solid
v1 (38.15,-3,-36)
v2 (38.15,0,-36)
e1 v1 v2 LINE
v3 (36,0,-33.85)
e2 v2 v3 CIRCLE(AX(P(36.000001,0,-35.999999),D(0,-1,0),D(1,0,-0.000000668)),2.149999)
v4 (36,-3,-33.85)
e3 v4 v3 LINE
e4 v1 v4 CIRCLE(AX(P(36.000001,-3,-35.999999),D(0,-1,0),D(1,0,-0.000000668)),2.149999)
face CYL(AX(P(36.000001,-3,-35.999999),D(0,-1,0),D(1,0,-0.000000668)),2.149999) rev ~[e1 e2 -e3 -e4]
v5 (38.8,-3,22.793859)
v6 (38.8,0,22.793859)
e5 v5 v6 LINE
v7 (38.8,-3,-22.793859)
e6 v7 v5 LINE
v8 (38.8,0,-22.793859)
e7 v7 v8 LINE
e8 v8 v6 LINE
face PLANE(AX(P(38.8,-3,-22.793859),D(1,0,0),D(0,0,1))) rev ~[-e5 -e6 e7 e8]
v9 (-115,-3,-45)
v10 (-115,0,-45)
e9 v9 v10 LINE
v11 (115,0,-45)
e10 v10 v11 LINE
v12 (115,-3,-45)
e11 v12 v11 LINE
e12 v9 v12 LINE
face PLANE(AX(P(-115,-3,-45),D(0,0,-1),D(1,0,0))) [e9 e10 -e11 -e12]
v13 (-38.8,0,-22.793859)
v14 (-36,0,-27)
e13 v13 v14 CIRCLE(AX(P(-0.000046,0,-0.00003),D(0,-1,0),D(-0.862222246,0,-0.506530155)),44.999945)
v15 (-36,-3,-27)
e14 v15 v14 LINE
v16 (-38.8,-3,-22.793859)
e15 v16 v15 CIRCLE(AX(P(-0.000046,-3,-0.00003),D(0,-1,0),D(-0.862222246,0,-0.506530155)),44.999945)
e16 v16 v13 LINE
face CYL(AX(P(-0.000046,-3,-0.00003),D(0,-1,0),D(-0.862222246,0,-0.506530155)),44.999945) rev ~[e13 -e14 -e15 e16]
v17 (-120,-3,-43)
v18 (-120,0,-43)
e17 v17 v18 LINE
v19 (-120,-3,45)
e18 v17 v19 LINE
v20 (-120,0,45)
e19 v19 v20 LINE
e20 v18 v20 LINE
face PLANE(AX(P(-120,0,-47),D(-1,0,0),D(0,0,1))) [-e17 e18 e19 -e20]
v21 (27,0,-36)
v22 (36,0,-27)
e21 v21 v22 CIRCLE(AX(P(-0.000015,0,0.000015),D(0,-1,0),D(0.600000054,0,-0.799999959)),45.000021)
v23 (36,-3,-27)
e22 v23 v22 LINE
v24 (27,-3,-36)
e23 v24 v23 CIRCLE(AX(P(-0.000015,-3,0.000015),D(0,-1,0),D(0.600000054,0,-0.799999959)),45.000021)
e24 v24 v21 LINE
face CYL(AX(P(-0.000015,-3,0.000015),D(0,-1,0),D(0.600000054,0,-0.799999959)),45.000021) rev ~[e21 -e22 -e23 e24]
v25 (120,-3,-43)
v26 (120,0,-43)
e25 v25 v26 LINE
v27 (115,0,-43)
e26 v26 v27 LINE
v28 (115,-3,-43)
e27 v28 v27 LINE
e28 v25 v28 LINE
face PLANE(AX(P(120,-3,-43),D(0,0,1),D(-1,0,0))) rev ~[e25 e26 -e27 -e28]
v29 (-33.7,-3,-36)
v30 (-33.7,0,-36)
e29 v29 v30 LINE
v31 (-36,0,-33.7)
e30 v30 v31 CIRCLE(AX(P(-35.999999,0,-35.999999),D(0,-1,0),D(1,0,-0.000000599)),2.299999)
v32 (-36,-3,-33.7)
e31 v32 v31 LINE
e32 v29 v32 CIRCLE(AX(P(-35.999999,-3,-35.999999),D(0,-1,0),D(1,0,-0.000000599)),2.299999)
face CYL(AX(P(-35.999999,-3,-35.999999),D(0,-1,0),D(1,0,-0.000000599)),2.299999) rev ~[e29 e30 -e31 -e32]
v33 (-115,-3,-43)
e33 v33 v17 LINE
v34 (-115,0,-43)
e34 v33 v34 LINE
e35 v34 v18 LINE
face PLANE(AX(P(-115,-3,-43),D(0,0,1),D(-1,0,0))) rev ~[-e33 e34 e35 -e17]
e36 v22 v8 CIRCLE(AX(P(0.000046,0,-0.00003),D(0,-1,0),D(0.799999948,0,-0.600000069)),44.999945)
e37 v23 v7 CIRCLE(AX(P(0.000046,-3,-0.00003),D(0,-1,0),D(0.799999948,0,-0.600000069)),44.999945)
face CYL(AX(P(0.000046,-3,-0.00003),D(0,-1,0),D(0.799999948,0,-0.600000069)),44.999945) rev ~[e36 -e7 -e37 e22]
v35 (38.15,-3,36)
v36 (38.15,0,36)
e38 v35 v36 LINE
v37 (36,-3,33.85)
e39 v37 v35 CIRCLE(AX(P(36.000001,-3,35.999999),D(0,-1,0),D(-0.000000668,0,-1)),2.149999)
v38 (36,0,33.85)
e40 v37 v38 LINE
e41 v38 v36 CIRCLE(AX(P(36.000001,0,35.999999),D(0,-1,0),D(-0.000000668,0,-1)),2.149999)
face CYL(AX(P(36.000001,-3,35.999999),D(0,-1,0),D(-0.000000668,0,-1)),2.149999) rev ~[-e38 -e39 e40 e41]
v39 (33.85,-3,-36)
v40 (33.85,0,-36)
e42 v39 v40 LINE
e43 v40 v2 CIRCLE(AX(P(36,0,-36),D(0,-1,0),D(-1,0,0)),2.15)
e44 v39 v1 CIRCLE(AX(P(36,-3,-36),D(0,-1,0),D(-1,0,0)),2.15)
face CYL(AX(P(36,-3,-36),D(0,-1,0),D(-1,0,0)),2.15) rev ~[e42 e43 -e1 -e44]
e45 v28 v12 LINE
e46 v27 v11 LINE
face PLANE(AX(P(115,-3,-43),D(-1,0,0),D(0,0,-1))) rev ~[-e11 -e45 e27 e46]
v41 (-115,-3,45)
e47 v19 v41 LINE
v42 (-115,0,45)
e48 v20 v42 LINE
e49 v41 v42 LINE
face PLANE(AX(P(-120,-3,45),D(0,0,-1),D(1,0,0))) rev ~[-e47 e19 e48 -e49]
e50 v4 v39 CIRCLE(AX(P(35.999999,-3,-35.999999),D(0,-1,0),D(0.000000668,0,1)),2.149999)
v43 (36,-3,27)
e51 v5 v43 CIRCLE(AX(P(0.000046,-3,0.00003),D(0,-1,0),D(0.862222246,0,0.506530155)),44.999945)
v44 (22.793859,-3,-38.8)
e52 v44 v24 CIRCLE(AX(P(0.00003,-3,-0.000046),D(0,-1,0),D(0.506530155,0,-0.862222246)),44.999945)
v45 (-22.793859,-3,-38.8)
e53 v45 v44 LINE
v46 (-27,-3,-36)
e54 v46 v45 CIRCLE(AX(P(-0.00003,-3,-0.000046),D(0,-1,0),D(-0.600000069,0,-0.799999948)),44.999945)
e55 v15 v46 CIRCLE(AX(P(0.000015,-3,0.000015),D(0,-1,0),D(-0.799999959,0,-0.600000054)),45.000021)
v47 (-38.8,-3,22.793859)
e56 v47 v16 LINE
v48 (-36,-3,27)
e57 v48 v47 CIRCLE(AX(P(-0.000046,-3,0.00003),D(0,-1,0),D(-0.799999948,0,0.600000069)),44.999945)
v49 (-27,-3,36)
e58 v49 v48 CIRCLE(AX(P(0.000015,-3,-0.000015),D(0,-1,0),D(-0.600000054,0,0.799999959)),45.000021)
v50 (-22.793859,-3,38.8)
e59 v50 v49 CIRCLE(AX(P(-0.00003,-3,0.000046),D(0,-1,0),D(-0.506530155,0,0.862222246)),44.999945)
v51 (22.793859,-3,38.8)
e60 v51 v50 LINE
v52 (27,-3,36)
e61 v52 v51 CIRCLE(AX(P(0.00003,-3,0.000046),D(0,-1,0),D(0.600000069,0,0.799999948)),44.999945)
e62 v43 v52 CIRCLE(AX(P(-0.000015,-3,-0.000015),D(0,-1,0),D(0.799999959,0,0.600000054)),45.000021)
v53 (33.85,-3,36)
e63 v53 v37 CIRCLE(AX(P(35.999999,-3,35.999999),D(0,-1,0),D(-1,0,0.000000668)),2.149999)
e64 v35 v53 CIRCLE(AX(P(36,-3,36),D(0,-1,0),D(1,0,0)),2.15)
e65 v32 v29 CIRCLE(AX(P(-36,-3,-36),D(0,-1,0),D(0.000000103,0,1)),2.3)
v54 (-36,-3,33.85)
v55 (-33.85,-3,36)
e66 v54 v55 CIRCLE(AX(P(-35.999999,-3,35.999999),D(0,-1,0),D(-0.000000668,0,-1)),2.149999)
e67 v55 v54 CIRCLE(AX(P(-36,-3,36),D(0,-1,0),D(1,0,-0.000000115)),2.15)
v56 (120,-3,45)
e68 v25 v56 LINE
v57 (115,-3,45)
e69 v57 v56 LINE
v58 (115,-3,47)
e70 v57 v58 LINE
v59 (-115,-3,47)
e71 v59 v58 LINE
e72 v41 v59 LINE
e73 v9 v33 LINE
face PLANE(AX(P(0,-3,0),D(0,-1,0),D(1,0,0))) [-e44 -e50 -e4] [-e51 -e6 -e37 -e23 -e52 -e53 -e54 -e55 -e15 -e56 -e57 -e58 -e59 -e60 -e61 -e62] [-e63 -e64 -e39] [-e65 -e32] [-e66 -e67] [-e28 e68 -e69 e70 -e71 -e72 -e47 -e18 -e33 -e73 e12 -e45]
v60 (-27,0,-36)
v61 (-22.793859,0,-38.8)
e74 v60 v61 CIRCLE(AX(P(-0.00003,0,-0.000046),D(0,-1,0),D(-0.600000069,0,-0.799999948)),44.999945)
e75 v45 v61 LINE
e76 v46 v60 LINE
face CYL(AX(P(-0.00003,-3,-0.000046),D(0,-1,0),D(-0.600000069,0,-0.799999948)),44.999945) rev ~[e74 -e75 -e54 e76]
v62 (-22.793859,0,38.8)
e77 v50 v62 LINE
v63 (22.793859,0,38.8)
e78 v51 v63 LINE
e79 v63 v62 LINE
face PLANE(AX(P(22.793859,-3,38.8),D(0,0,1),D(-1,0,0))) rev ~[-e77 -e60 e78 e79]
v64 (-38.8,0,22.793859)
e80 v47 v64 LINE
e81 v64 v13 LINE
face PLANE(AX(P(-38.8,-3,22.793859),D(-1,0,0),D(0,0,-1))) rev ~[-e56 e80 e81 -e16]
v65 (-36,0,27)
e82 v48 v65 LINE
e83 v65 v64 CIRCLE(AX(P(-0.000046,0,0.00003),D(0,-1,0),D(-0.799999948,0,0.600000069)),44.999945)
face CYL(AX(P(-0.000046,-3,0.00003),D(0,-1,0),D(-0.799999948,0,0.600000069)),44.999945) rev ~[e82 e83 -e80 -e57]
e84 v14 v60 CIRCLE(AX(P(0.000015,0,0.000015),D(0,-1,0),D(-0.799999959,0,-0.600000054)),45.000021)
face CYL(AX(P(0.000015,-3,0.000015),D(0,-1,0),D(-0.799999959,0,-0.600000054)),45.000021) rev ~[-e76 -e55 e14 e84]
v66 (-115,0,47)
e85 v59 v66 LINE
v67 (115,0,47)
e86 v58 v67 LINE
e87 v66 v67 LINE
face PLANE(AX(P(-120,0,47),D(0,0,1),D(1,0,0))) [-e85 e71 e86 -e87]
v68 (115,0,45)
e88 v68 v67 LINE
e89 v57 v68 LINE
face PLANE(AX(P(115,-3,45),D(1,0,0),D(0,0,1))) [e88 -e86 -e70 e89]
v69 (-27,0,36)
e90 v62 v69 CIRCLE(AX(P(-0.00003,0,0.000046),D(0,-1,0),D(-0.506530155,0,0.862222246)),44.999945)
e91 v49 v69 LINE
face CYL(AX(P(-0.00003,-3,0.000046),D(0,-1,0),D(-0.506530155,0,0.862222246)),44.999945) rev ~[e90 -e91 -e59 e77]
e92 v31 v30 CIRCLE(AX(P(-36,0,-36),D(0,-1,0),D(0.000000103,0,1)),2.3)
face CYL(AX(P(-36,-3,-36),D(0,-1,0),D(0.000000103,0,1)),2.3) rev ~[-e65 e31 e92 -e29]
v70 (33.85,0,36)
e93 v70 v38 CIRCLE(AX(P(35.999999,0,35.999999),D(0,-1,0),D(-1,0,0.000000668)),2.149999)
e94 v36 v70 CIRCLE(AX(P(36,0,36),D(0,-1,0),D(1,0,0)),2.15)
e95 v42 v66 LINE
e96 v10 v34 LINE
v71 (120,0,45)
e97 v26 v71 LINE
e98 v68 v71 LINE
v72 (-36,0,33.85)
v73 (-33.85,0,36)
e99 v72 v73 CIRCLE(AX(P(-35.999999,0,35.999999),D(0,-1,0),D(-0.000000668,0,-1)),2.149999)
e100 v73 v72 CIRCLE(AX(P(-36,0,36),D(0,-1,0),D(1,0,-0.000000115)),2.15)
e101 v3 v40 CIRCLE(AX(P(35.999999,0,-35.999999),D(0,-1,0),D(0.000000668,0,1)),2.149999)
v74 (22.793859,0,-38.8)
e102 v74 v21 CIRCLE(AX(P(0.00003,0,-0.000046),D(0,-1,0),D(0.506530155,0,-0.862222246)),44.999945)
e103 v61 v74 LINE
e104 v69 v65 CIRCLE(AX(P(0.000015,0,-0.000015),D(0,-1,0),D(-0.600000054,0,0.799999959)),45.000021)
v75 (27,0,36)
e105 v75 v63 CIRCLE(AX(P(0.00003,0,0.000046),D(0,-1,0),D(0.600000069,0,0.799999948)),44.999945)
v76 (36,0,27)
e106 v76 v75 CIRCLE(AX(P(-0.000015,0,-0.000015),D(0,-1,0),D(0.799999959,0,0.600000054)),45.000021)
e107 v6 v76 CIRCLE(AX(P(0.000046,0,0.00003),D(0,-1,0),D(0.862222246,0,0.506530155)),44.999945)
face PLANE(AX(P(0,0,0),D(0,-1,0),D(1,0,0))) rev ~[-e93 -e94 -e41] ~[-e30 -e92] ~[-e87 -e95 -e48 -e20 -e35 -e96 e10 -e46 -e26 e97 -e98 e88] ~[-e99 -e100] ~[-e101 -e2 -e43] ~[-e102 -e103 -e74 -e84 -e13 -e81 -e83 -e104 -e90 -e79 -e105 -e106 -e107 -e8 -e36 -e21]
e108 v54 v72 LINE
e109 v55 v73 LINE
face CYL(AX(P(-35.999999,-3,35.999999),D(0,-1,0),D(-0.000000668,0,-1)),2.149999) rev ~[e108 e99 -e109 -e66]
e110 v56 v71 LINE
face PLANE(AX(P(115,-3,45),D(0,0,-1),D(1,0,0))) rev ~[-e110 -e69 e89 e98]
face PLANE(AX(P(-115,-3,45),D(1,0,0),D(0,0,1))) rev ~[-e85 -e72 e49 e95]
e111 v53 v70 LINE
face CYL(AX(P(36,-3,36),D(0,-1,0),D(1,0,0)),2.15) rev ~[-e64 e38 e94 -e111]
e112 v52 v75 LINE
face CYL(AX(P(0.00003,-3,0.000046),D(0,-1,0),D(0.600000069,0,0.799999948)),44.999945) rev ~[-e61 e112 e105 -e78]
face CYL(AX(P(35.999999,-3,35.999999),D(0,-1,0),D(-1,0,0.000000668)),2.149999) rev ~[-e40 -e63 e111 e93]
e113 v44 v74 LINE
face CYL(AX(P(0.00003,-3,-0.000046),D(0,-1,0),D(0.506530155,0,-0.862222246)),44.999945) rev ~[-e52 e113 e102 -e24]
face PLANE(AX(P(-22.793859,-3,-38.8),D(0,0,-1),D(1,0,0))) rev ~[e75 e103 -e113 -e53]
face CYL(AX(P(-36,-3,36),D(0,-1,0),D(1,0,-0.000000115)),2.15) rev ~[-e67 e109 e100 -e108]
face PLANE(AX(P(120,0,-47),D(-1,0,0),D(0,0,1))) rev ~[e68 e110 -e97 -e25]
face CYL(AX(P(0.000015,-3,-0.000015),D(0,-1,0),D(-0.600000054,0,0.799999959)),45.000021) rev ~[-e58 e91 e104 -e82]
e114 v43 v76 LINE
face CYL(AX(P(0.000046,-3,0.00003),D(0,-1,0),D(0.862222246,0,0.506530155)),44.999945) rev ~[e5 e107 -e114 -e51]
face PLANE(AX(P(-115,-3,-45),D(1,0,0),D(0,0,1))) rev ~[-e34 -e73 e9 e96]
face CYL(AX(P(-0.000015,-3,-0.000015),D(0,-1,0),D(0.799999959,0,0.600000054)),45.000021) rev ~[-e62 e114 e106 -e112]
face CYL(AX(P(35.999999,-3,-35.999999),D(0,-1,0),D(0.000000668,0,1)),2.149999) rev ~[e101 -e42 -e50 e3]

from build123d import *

# Parameters (mm, degrees)
F0_W     = 240
F0_H     = 94
F1_DEPTH = 3
F2_W     = 5
F2_H     = 2
F2_W_2   = 230
F3_DEPTH = 25
F5_DEPTH = 25


with BuildPart() as f1:
    # F0 (on Front) → F1 (new body)
    with BuildSketch(Plane.XZ):
        Rectangle(F0_W, F0_H)
    extrude(amount=F1_DEPTH)

    # F2 (on face) → F3 (cut)
    with BuildSketch(Plane.XZ.offset(3)):
        with Locations((-117.5, 46)):
            Rectangle(F2_W, F2_H)
        Polygon((-120, -43), (-120, -47), (-115, -47), (-115, -45), (-115, -43), align=None)
        with Locations((0, -46)):
            Rectangle(F2_W_2, F2_H)
        Polygon((115, -45), (115, -47), (120, -47), (120, -43), (115, -43), align=None)
        with Locations((117.5, 46)):
            Rectangle(F2_W, F2_H)
    extrude(amount=-F3_DEPTH, mode=Mode.SUBTRACT)

    # F4 (on face) → F5 (cut)
    with BuildSketch(Plane.XZ.offset(3)):
        with BuildLine():
            Line((-36, 36), (-36, 33.85))
            ThreePointArc((-36, 33.85), (-34.47972, 34.47972), (-33.85, 36))
            Line((-33.85, 36), (-36, 36))
        make_face()
        with BuildLine():
            ThreePointArc((-33.85, 36), (-37.52028, 37.52028), (-36, 33.85))
            Line((-36, 33.85), (-36, 36))
            Line((-36, 36), (-33.85, 36))
        make_face()
        with BuildLine():
            Line((36, 36), (36, 33.85))
            ThreePointArc((36, 33.85), (37.52028, 34.47972), (38.15, 36))
            ThreePointArc((38.15, 36), (36, 38.15), (33.85, 36))
            Line((33.85, 36), (36, 36))
        make_face()
        with BuildLine():
            ThreePointArc((33.85, 36), (34.47972, 34.47972), (36, 33.85))
            Line((36, 33.85), (36, 36))
            Line((36, 36), (33.85, 36))
        make_face()
        with BuildLine():
            Line((36, -33.85), (36, -36))
            Line((36, -36), (33.85, -36))
            ThreePointArc((33.85, -36), (36, -38.15), (38.15, -36))
            ThreePointArc((38.15, -36), (37.52028, -34.47972), (36, -33.85))
        make_face()
        with BuildLine():
            Line((33.85, -36), (36, -36))
            Line((36, -36), (36, -33.85))
            ThreePointArc((36, -33.85), (34.47972, -34.47972), (33.85, -36))
        make_face()
        with BuildLine():
            ThreePointArc((-36, -33.7), (-37.626346, -37.626346), (-33.7, -36))
            Line((-33.7, -36), (-36, -36))
            Line((-36, -36), (-36, -33.7))
        make_face()
        with BuildLine():
            Line((-36, -36), (-33.7, -36))
            ThreePointArc((-33.7, -36), (-34.373654, -34.373654), (-36, -33.7))
            Line((-36, -33.7), (-36, -36))
        make_face()
        with BuildLine():
            ThreePointArc((22.793859, -38.8), (24.936261, -37.459083), (27, -36))
            ThreePointArc((27, -36), (31.819805, -31.819805), (36, -27))
            ThreePointArc((36, -27), (37.459083, -24.936261), (38.8, -22.793859))
            Line((38.8, -22.793859), (38.8, 22.793859))
            ThreePointArc((38.8, 22.793859), (37.459083, 24.936261), (36, 27))
            ThreePointArc((36, 27), (31.819805, 31.819805), (27, 36))
            ThreePointArc((27, 36), (24.936261, 37.459083), (22.793859, 38.8))
            Line((22.793859, 38.8), (-22.793859, 38.8))
            ThreePointArc((-22.793859, 38.8), (-24.936261, 37.459083), (-27, 36))
            ThreePointArc((-27, 36), (-31.819805, 31.819805), (-36, 27))
            ThreePointArc((-36, 27), (-37.459083, 24.936261), (-38.8, 22.793859))
            Line((-38.8, 22.793859), (-38.8, -22.793859))
            ThreePointArc((-38.8, -22.793859), (-37.459083, -24.936261), (-36, -27))
            ThreePointArc((-36, -27), (-31.819805, -31.819805), (-27, -36))
            ThreePointArc((-27, -36), (-24.936261, -37.459083), (-22.793859, -38.8))
            Line((-22.793859, -38.8), (22.793859, -38.8))
        make_face()
    extrude(amount=-F5_DEPTH, mode=Mode.SUBTRACT)


solid = f1.part
